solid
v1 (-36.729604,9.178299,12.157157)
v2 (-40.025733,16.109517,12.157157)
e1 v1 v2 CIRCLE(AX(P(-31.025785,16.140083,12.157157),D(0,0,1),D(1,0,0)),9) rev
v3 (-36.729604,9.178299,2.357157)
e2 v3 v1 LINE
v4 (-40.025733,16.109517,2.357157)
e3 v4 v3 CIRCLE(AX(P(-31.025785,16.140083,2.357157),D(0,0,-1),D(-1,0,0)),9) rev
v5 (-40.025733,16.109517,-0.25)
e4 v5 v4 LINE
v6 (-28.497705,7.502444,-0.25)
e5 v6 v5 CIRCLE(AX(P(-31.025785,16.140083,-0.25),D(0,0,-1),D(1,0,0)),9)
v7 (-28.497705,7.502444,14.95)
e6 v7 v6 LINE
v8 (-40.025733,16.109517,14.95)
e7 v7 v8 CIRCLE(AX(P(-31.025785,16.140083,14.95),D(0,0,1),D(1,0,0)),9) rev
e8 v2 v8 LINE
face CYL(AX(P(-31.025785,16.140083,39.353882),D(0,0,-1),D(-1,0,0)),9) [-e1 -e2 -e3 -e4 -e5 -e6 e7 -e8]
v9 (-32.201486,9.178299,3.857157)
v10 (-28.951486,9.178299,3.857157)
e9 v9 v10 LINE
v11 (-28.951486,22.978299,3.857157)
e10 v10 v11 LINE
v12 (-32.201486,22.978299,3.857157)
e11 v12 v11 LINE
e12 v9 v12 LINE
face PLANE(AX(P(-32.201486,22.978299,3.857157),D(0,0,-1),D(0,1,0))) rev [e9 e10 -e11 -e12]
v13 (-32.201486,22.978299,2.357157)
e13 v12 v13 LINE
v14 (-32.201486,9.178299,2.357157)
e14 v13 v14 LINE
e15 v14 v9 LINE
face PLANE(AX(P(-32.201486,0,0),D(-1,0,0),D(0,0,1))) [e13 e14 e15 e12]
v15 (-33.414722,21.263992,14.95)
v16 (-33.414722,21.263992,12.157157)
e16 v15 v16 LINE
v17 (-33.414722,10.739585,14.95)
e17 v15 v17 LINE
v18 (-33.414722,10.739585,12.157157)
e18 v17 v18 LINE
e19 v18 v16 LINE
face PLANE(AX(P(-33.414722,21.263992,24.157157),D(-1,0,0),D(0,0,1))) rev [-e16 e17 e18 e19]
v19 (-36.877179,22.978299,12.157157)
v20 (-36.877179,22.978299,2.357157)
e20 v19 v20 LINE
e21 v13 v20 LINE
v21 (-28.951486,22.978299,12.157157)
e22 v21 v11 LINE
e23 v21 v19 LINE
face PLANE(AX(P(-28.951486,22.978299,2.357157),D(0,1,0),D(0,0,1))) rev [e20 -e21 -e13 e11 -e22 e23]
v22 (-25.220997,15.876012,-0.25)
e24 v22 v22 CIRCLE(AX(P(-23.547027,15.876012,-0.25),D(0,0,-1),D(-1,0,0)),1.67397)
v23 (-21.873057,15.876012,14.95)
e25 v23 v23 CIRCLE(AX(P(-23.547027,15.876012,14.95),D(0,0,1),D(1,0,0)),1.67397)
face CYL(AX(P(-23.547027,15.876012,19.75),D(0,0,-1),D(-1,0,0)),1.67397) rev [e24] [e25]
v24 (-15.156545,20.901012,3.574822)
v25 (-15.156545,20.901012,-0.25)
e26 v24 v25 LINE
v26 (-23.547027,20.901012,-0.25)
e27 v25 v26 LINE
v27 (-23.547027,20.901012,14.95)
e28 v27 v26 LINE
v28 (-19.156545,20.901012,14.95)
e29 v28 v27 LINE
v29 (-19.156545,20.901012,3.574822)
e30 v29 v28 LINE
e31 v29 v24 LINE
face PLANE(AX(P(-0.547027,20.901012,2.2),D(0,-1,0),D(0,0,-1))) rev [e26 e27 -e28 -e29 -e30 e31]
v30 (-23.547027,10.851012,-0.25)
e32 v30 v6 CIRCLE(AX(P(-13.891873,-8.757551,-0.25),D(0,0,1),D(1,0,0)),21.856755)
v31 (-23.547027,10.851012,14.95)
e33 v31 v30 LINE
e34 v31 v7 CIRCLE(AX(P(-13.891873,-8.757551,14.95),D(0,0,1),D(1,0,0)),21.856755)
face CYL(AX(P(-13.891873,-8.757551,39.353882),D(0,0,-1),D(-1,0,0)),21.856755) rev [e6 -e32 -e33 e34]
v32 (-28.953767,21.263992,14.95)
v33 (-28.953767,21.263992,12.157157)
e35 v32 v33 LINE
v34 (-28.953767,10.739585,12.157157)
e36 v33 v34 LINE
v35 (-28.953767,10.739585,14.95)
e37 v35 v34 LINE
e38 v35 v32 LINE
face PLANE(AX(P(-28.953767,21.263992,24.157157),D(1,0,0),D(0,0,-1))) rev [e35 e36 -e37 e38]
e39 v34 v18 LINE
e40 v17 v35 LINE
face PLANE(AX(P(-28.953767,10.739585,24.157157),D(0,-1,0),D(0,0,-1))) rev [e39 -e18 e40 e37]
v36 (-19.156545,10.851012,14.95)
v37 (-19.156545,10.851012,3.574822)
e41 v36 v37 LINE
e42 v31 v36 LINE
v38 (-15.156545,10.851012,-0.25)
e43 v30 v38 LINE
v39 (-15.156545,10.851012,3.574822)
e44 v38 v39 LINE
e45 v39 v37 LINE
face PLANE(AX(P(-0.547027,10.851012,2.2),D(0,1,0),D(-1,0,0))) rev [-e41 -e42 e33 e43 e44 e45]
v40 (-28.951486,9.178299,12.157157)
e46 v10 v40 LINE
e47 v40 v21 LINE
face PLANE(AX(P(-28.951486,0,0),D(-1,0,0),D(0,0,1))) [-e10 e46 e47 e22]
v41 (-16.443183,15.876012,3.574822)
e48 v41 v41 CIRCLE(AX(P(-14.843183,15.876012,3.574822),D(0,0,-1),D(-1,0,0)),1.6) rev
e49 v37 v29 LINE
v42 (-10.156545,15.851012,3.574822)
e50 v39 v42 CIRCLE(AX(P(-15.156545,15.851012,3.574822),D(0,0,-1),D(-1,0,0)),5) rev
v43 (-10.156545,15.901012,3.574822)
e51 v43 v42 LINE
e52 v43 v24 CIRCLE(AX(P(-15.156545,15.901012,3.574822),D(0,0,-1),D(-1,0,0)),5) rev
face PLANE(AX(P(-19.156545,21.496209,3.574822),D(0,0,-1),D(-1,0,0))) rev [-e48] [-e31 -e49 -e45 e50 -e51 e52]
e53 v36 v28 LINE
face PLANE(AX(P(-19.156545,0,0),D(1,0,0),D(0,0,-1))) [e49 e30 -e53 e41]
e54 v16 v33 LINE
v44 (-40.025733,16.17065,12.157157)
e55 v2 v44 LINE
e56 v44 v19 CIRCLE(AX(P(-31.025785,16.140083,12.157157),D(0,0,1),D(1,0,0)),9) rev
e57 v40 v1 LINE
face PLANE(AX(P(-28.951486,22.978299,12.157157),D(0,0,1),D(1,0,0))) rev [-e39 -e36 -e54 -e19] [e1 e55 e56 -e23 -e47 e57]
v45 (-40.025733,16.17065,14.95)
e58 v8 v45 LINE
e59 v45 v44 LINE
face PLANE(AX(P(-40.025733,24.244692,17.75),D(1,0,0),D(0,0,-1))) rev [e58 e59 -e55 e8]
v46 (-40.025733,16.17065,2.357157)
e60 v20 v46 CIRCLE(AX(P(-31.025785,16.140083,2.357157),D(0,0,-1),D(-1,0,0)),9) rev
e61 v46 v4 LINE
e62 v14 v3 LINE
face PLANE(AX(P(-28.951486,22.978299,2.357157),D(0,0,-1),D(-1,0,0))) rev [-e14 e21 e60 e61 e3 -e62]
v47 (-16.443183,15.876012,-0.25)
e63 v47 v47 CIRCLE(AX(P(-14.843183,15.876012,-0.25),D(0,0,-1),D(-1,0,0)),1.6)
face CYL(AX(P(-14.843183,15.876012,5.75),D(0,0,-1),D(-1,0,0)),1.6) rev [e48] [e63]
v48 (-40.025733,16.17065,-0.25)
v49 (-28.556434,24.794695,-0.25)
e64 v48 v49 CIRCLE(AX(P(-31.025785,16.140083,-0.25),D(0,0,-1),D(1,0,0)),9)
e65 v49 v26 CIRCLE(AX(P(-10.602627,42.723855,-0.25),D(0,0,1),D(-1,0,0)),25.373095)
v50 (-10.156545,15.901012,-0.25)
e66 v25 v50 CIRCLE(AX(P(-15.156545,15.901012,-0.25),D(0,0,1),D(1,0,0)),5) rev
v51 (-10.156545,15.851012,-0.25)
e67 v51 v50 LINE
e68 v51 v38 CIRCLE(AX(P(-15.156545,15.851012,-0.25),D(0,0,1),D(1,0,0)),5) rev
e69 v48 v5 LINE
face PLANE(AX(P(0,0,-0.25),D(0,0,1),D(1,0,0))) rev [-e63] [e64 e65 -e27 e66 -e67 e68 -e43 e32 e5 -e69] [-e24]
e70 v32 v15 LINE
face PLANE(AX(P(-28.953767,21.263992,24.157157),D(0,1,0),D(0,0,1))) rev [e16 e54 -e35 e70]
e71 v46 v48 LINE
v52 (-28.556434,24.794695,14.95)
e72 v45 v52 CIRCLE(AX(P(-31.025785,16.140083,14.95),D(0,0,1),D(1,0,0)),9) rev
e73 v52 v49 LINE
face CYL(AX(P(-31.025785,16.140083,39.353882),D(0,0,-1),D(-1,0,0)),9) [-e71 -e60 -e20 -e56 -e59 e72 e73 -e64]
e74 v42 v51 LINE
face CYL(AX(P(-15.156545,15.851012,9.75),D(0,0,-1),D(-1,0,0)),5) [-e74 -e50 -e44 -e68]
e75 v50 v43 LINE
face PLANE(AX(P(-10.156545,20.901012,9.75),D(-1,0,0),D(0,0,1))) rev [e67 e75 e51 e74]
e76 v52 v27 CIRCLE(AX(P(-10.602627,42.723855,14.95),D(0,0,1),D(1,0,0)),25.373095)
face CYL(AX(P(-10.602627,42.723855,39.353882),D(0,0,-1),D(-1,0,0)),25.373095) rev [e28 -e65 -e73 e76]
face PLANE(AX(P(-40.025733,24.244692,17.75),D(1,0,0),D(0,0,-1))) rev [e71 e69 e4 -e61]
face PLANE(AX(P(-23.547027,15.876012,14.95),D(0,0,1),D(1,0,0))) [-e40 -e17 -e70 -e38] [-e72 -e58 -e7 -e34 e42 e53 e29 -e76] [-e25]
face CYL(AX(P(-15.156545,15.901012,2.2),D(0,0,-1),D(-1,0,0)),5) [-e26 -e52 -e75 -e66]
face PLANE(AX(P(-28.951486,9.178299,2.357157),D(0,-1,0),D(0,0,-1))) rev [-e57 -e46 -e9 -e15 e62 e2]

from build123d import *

# Parameters (mm, degrees)
EXTRUDE_1_DEPTH      = 2.2
EXTRUDE_2_DEPTH      = 3.25
SKETCH_3_W           = 50
SKETCH_3_H           = 10.05
EXTRUDE_3_DEPTH      = 3.25
CUT_EXTRUDE_1_DEPTH  = 30
EXTRUDE_4_REACH      = 56.389
SKETCH_6_R           = 5.025
SKETCH_8_R           = 1.675
SKETCH_8_R_2         = 0.84
CUT_EXTRUDE_3_DEPTH  = 55
SKETCH_9_W           = 28.473000816
SKETCH_9_H           = 14.532409192
CUT_EXTRUDE_4_DEPTH  = 3
EXTRUDE_5_DEPTH      = 2.45
SKETCH_11_W          = 12.614203935
SKETCH_11_H          = 10.05
EXTRUDE_6_DEPTH      = 3
SKETCH_12_W          = 36.628466797
SKETCH_12_H          = 15.348537224
CUT_EXTRUDE_5_DEPTH  = 10
SKETCH_13_W          = 5.35
SKETCH_13_H          = 5.35
CUT_EXTRUDE_6_DEPTH  = 14
SKETCH_14_R          = 1.1
CUT_EXTRUDE_7_DEPTH  = 14
SKETCH_15_R          = 1.1
CUT_EXTRUDE_8_DEPTH  = 10
SKETCH_16_R          = 1.625
EXTRUDE_7_DEPTH      = 5.7
SKETCH_17_W          = 19.923143876
SKETCH_17_H          = 15.083058075
CUT_EXTRUDE_9_DEPTH  = 3
SKETCH_18_R          = 1.675
SKETCH_18_R_2        = 1.6
CUT_EXTRUDE_10_DEPTH = 6
CUT_EXTRUDE_11_DEPTH = 10
EXTRUDE_8_DEPTH      = 9.5
EXTRUDE_9_DEPTH      = 15.2
SKETCH_23_W          = 14.793785908
SKETCH_23_H          = 11.59723546
CUT_EXTRUDE_12_DEPTH = 9
SKETCH_25_R          = 1.6
SKETCH_25_R_2        = 1.673969756
CUT_EXTRUDE_13_DEPTH = 20
FILLET_1_R           = 5
SKETCH_26_W          = 0.925753523
SKETCH_26_H          = 16.271734405
EXTRUDE_10_DEPTH     = 15
SKETCH_27_W          = 9.8
SKETCH_27_H          = 13.8
CUT_EXTRUDE_14_DEPTH = 12
SKETCH_28_W          = 4.460954542
SKETCH_28_H          = 10.524407061
CUT_EXTRUDE_15_DEPTH = 12
SKETCH_29_W          = 0.925753523
SKETCH_29_H          = 16.271734405
CUT_EXTRUDE_16_DEPTH = 18
SKETCH_30_W          = 1.5
SKETCH_30_H          = 13.8
EXTRUDE_11_DEPTH     = 3.25


with BuildPart() as part:
    # 草图1 → 凸台-拉伸1 (new body)
    with BuildSketch(Plane.XY):
        with BuildLine():
            Line((1.539836705, 12.851012384), (15.55297303, 14.251012384))
            ThreePointArc((15.55297303, 14.251012384), (17.193415997, 16.063512384), (15.55297303, 17.876012384))
            Line((15.55297303, 17.876012384), (1.500532553, 18.901012384))
            ThreePointArc((1.500532553, 18.901012384), (0.527100583, 19.384612538), (-0.54702697, 19.551012384))
            Line((-0.54702697, 19.551012384), (-0.54702697, 20.901012384))
            Line((-0.54702697, 20.901012384), (19.51277613, 20.901012384))
            Line((19.51277613, 20.901012384), (41.45297303, 20.901012384))
            Line((41.45297303, 20.901012384), (41.45297303, 10.851012384))
            Line((41.45297303, 10.851012384), (-0.54702697, 10.851012384))
            Line((-0.54702697, 10.851012384), (-0.54702697, 12.201012384))
            ThreePointArc((-0.54702697, 12.201012384), (0.54584768, 12.367273294), (1.539836705, 12.851012384))
        make_face()
    extrude(amount=EXTRUDE_1_DEPTH)

    # 草图2 → 凸台-拉伸2 (add)
    with BuildSketch(Plane(origin=(0, 0, 0), x_dir=(-1, 0, 0), z_dir=(0, 0, -1))):
        Polygon((-19.51277613, 10.851012384), (-49.45297303, 10.851012384), (-49.45297303, 20.901012384), (-19.51277613, 20.901012384), (0.54702697, 20.901012384), (0.54702697, 10.851012384), align=None)
    extrude(amount=EXTRUDE_2_DEPTH)

    # 草图3 → 凸台-拉伸3 (add)
    with BuildSketch(Plane.XY.offset(2.2)):
        with Locations((24.45297303, 15.876012384)):
            Rectangle(SKETCH_3_W, SKETCH_3_H)
    extrude(amount=EXTRUDE_3_DEPTH)

    # 草图4 → 切除-拉伸1 (cut, symmetric)
    with BuildSketch(Plane.XY):
        with BuildLine():
            Line((-0.54702697, 19.551012384), (-2.235397712, 16.616091152))
            Line((-2.235397712, 16.616091152), (-1.110896638, 12.310548833))
            Line((-1.110896638, 12.310548833), (-0.54702697, 12.201012384))
            ThreePointArc((-0.54702697, 12.201012384), (0.54584768, 12.367273294), (1.539836705, 12.851012384))
            ThreePointArc((1.539836705, 12.851012384), (2.773180655, 15.88415254), (1.500532553, 18.901012384))
            ThreePointArc((1.500532553, 18.901012384), (0.527100583, 19.384612538), (-0.54702697, 19.551012384))
        make_face()
    extrude(amount=CUT_EXTRUDE_1_DEPTH, both=True, mode=Mode.SUBTRACT)

    # 凸台-拉伸4: up to this face of the body (flat: up to its plane)
    extrude_4_end = Plane(part.part.faces().sort_by_distance((25.407741746, 15.876338503, 5.45))[0])
    # 草图6 → 凸台-拉伸4 (add, up to the picked face)
    with BuildSketch(Plane(origin=(0, 0, -3.25), x_dir=(-1, 0, 0), z_dir=(0, 0, -1)), mode=Mode.PRIVATE) as extrude_4_sk1:
        with Locations(Location((-49.45297303, 15.876012384, 0), (0, 0, 90))):
            Circle(SKETCH_6_R)
    extrude_4_tool1 = split(extrude(extrude_4_sk1.sketch, amount=-EXTRUDE_4_REACH, mode=Mode.PRIVATE), bisect_by=extrude_4_end, keep=Keep.BOTH, mode=Mode.PRIVATE)
    add(extrude_4_tool1.solids().sort_by(Axis((49.452973, 15.876012, -3.25), (0, 0, 1)))[0])

    # 草图8 → 切除-拉伸3 (cut)
    with BuildSketch(Plane(origin=(0, 0, -3.25), x_dir=(-1, 0, 0), z_dir=(0, 0, -1))):
        with Locations((-49.45297303, 15.876012384)):
            Circle(SKETCH_8_R)
        with Locations(Location((-7.95297303, 15.856360308, 0), (0, 0, 180))):
            Circle(SKETCH_8_R_2)
    extrude(amount=-CUT_EXTRUDE_3_DEPTH, mode=Mode.SUBTRACT)

    # 草图9 → 切除-拉伸4 (cut)
    with BuildSketch(Plane(origin=(0, 0, -3.25), x_dir=(-1, 0, 0), z_dir=(0, 0, -1))):
        with Locations((-42.648638606, 15.039406696)):
            Rectangle(SKETCH_9_W, SKETCH_9_H)
    extrude(amount=-CUT_EXTRUDE_4_DEPTH, mode=Mode.SUBTRACT)

    # 草图10 → 凸台-拉伸5 (add)
    with BuildSketch(Plane(origin=(0, 0, 2.2), x_dir=(-1, 0, 0), z_dir=(0, 0, -1))):
        with BuildLine():
            Line((-49.45297303, 20.901012384), (-38.466384114, 20.901012384))
            Line((-38.466384114, 20.901012384), (-38.466384114, 10.851012384))
            Line((-38.466384114, 10.851012384), (-49.45297303, 10.851012384))
            ThreePointArc((-49.45297303, 10.851012384), (-46.217908976, 15.876012384), (-49.45297303, 20.901012384))
        make_face()
    extrude(amount=EXTRUDE_5_DEPTH)

    # 草图11 → 凸台-拉伸6 (add)
    with BuildSketch(Plane(origin=(0, 0, -3.25), x_dir=(-1, 0, 0), z_dir=(0, 0, -1))):
        with Locations((-32.625453647, 15.876012384)):
            Rectangle(SKETCH_11_W, SKETCH_11_H)
    extrude(amount=-EXTRUDE_6_DEPTH)

    # 草图12 → 切除-拉伸5 (cut)
    with BuildSketch(Plane(origin=(0, 0, -3.25), x_dir=(-1, 0, 0), z_dir=(0, 0, -1))):
        with Locations((-5.618322216, 15.103365543)):
            Rectangle(SKETCH_12_W, SKETCH_12_H)
    extrude(amount=-CUT_EXTRUDE_5_DEPTH, mode=Mode.SUBTRACT)

    # 草图13 → 切除-拉伸6 (cut)
    with BuildSketch(Plane.ZY.offset(-23.932555614)):
        with Locations((1.1, 16.124405573)):
            Rectangle(SKETCH_13_W, SKETCH_13_H)
    extrude(amount=-CUT_EXTRUDE_6_DEPTH, mode=Mode.SUBTRACT)

    # 草图14 → 切除-拉伸7 (cut)
    with BuildSketch(Plane(origin=(0, 20.901012384, 0), x_dir=(1, 0, 0), z_dir=(0, 1, 0))):
        with Locations(Location((30.538219594, -1.1, 0), (0, 0, 270))):
            Circle(SKETCH_14_R)
    extrude(amount=-CUT_EXTRUDE_7_DEPTH, mode=Mode.SUBTRACT)

    # 草图15 → 切除-拉伸8 (cut)
    with BuildSketch(Plane.XY.offset(5.45)):
        with Locations((36.879929969, 15.882801083)):
            Circle(SKETCH_15_R)
    extrude(amount=-CUT_EXTRUDE_8_DEPTH, mode=Mode.SUBTRACT)

    # 草图16 → 凸台-拉伸7 (add)
    with BuildSketch(Plane(origin=(0, 0, -0.25), x_dir=(-1, 0, 0), z_dir=(0, 0, -1))):
        with BuildLine():
            Line((-49.45297303, 20.901012384), (23.54702697, 20.901012384))
            ThreePointArc((23.54702697, 20.901012384), (28.57202697, 15.876012384), (23.54702697, 10.851012384))
            Line((23.54702697, 10.851012384), (-49.45297303, 10.851012384))
            Line((-49.45297303, 10.851012384), (-49.45297303, 20.901012384))
        make_face()
        with Locations((23.54702697, 15.876012384)):
            Circle(SKETCH_16_R, mode=Mode.SUBTRACT)
    extrude(amount=-EXTRUDE_7_DEPTH)

    # 草图17 → 切除-拉伸9 (cut)
    with BuildSketch(Plane(origin=(0, 0, -3.25), x_dir=(-1, 0, 0), z_dir=(0, 0, -1))):
        with Locations((-33.178239607, 16.007261263)):
            Rectangle(SKETCH_17_W, SKETCH_17_H)
    extrude(amount=-CUT_EXTRUDE_9_DEPTH, mode=Mode.SUBTRACT)

    # 草图18 → 切除-拉伸10 (cut)
    with BuildSketch(Plane(origin=(0, 0, -0.25), x_dir=(-1, 0, 0), z_dir=(0, 0, -1))):
        with Locations(Location((-49.45297303, 15.876012384, 0), (0, 0, 180))):
            Circle(SKETCH_18_R)
        with Locations((14.84318256, 15.876012384)):
            Circle(SKETCH_18_R_2)
        with BuildLine():
            Line((-31.661597205, 17.303258867), (8.461046927, 17.303258867))
            ThreePointArc((8.461046927, 17.303258867), (9.88829341, 15.876012384), (8.461046927, 14.448765901))
            Line((8.461046927, 14.448765901), (-31.661597205, 14.448765901))
            ThreePointArc((-31.661597205, 14.448765901), (-33.088843687, 15.876012384), (-31.661597205, 17.303258867))
        make_face()
    extrude(amount=-CUT_EXTRUDE_10_DEPTH, mode=Mode.SUBTRACT)

    # 草图19 → 切除-拉伸11 (cut)
    with BuildSketch(Plane(origin=(0, 0, -0.25), x_dir=(-1, 0, 0), z_dir=(0, 0, -1))):
        Polygon((12.697516125, 20.901012384), (-60.999534113, 39.375054119), (-58.738783937, -10.22846445), (12.697516125, 10.851012384), (10.156545193, 10.851012384), (10.156545193, 20.901012384), align=None)
    extrude(amount=-CUT_EXTRUDE_11_DEPTH, mode=Mode.SUBTRACT)

    # 草图21 → 凸台-拉伸8 (add)
    with BuildSketch(Plane.XY.offset(5.45)):
        with BuildLine():
            Line((-23.54702697, 20.901012384), (-12.697516125, 20.901012384))
            ThreePointArc((-12.697516125, 20.901012384), (-9.87974938, 15.876012384), (-12.697516125, 10.851012384))
            Line((-12.697516125, 10.851012384), (-23.54702697, 10.851012384))
            ThreePointArc((-23.54702697, 10.851012384), (-28.57202697, 15.876012384), (-23.54702697, 20.901012384))
        make_face()
    extrude(amount=EXTRUDE_8_DEPTH)

    # 草图22 → 凸台-拉伸9 (add)
    with BuildSketch(Plane(origin=(0, 0, -0.25), x_dir=(-1, 0, 0), z_dir=(0, 0, -1))):
        with BuildLine():
            Line((23.54702697, 20.901012384), (26.601137036, 16.368267617))
            Line((26.601137036, 16.368267617), (23.54702697, 10.851012384))
            ThreePointArc((23.54702697, 10.851012384), (26.137365286, 9.34674893), (28.497704507, 7.502444211))
            ThreePointArc((28.497704507, 7.502444211), (40.025732832, 16.109516943), (28.556434004, 24.794695265))
            ThreePointArc((28.556434004, 24.794695265), (26.173914365, 22.690658492), (23.54702697, 20.901012384))
        make_face()
    extrude(amount=-EXTRUDE_9_DEPTH)

    # 草图23 → 切除-拉伸12 (cut, symmetric)
    with BuildSketch(Plane(origin=(-10.156545193, 0, 0), x_dir=(0, 0, -1), z_dir=(1, 0, 0))):
        with Locations((-10.971714959, 15.6975909)):
            Rectangle(SKETCH_23_W, SKETCH_23_H)
    extrude(amount=CUT_EXTRUDE_12_DEPTH, both=True, mode=Mode.SUBTRACT)

    # 草图25 → 切除-拉伸13 (cut)
    with BuildSketch(Plane(origin=(0, 0, -0.25), x_dir=(-1, 0, 0), z_dir=(0, 0, -1))):
        with Locations((14.84318256, 15.876012384)):
            Circle(SKETCH_25_R)
        with Locations((23.54702697, 15.876012384)):
            Circle(SKETCH_25_R_2)
    extrude(amount=-CUT_EXTRUDE_13_DEPTH, mode=Mode.SUBTRACT)

    # 圆角1
    fillet_1_edges = [part.edges().sort_by_distance(p)[0] for p in [
        (-10.156545193, 10.851012384, 1.662411002),
        (-10.156545193, 20.901012384, 1.662411002),
    ]]
    fillet(fillet_1_edges, radius=FILLET_1_R)

    # 草图26 → 凸台-拉伸10 (add)
    with BuildSketch(Plane(origin=(0, 0, -0.25), x_dir=(-1, 0, 0), z_dir=(0, 0, -1))):
        with Locations((40.488609594, 16.108824789)):
            Rectangle(SKETCH_26_W, SKETCH_26_H)
    extrude(amount=-EXTRUDE_10_DEPTH)

    # 草图27 → 切除-拉伸14 (cut)
    with BuildSketch(Plane.ZY.offset(40.951486355)):
        with Locations((7.257156835, 16.078298666)):
            Rectangle(SKETCH_27_W, SKETCH_27_H)
    extrude(amount=-CUT_EXTRUDE_14_DEPTH, mode=Mode.SUBTRACT)

    # 草图28 → 切除-拉伸15 (cut)
    with BuildSketch(Plane(origin=(0, 0, 12.157156835), x_dir=(-1, 0, 0), z_dir=(0, 0, -1))):
        with Locations((31.184244341, 16.001788247)):
            Rectangle(SKETCH_28_W, SKETCH_28_H)
    extrude(amount=-CUT_EXTRUDE_15_DEPTH, mode=Mode.SUBTRACT)

    # 草图29 → 切除-拉伸16 (cut)
    with BuildSketch(Plane(origin=(0, 0, -0.25), x_dir=(-1, 0, 0), z_dir=(0, 0, -1))):
        with Locations((40.488609594, 16.108824789)):
            Rectangle(SKETCH_29_W, SKETCH_29_H)
    extrude(amount=-CUT_EXTRUDE_16_DEPTH, mode=Mode.SUBTRACT)

    # 草图30 → 凸台-拉伸11 (add)
    with BuildSketch(Plane.ZY.offset(28.951486355)):
        with Locations((3.107156835, 16.078298666)):
            Rectangle(SKETCH_30_W, SKETCH_30_H)
    extrude(amount=EXTRUDE_11_DEPTH)


solid = part.part
